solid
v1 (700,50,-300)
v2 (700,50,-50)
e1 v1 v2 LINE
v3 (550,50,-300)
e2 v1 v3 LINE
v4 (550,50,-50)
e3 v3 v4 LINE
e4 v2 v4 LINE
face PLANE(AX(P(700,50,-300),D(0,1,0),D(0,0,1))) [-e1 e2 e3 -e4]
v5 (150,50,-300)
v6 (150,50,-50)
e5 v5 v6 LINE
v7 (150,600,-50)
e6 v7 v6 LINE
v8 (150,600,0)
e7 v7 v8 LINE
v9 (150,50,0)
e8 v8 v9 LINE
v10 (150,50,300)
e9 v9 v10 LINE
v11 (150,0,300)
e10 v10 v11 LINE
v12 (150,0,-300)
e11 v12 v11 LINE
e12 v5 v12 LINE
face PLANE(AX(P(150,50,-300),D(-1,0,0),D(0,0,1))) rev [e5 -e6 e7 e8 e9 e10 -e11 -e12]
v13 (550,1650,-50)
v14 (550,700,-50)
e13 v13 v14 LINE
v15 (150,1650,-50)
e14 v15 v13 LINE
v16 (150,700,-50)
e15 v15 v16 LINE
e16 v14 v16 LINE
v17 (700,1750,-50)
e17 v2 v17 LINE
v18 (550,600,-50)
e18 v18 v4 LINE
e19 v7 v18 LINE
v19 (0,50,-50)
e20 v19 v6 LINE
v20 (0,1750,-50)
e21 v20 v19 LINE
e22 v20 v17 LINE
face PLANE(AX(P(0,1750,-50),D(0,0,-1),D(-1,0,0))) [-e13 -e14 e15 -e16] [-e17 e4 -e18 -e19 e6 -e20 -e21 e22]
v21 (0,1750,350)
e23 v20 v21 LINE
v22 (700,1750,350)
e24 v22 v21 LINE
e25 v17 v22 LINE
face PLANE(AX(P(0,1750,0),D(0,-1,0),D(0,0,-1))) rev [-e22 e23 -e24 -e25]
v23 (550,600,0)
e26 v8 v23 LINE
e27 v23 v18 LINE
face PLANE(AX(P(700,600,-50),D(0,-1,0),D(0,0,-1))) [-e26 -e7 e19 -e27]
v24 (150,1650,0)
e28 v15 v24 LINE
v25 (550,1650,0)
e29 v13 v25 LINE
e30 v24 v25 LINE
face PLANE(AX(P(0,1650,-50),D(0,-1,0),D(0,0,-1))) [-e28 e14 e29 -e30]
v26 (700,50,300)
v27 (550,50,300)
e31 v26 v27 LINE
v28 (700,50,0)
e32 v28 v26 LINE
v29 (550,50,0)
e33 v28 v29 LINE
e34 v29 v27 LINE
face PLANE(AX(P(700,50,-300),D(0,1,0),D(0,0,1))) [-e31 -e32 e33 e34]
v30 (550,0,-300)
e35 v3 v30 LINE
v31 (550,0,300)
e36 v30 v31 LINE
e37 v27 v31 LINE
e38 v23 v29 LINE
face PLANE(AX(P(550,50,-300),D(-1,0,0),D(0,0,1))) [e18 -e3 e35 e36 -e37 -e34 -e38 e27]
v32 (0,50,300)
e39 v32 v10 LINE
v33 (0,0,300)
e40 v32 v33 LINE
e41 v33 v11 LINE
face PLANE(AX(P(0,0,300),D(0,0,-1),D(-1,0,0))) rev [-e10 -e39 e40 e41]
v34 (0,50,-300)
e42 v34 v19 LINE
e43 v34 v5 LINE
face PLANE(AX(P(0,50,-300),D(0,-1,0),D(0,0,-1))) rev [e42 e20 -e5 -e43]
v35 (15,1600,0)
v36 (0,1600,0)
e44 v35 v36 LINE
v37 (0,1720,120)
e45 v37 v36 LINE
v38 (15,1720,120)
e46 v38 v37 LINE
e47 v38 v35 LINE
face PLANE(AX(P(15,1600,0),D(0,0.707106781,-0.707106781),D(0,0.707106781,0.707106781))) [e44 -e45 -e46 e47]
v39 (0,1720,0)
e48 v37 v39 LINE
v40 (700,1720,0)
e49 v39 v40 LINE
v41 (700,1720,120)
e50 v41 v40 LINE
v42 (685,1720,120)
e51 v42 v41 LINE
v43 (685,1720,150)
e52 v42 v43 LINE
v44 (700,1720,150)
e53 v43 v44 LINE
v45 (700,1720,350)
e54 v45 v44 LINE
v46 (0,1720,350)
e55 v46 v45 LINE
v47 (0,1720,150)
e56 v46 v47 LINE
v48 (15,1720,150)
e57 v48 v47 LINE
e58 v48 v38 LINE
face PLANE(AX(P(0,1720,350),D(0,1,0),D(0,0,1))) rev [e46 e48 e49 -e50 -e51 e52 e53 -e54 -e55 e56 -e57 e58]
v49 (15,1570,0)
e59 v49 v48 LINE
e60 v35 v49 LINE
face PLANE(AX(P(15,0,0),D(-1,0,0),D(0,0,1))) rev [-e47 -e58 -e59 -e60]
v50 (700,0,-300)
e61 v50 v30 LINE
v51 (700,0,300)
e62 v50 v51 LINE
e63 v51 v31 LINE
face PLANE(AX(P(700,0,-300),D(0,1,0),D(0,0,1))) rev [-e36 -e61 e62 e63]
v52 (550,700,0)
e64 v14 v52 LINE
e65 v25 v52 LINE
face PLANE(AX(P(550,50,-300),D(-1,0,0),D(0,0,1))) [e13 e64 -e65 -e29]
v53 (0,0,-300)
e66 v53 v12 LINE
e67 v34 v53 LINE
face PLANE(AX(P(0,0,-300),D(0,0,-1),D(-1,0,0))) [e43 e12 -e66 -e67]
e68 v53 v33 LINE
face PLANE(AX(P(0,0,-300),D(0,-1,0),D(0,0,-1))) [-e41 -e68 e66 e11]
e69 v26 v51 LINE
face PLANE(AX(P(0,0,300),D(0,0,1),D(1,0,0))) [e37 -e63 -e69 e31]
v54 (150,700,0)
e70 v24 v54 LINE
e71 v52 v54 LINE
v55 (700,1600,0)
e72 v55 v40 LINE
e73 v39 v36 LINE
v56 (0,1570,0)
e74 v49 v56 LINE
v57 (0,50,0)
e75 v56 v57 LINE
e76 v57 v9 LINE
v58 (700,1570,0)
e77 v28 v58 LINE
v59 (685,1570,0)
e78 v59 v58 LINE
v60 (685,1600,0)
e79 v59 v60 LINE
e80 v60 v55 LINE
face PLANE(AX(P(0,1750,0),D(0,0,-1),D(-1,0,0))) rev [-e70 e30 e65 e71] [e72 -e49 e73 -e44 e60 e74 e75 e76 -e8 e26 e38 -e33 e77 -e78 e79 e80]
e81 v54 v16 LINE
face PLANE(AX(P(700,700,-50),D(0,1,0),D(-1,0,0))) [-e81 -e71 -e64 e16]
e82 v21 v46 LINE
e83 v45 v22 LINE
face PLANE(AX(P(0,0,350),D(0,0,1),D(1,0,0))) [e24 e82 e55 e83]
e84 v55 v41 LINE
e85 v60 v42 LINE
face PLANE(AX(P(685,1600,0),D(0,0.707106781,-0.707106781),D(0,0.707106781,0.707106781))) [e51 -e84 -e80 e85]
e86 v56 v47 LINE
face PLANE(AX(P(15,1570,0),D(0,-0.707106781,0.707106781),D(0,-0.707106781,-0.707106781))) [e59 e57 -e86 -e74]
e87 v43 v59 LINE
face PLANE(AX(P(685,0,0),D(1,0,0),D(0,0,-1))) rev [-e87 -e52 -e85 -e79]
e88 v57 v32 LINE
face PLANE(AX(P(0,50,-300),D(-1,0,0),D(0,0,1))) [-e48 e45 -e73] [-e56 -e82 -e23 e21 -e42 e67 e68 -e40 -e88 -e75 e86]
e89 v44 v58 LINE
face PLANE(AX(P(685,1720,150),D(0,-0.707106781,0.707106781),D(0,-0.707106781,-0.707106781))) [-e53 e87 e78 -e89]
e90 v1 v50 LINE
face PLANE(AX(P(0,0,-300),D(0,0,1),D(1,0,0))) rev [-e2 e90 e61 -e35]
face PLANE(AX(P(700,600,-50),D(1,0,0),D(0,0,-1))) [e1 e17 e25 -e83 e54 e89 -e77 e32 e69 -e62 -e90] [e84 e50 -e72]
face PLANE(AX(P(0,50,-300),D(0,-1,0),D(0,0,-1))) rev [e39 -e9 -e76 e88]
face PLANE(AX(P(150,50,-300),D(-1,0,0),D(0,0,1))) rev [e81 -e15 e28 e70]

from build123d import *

# Parameters (mm, degrees)
SALIENTE_EXTRUIR1_DEPTH        = 300
SALIENTE_EXTRUIR1_DEPTH_BACK   = 300
CROQUIS1_W                     = 150
CROQUIS1_H                     = 50
SALIENTE_EXTRUIR1_2_DEPTH      = 300
SALIENTE_EXTRUIR1_2_DEPTH_BACK = 300
CROQUIS2_W                     = 150
CROQUIS2_H                     = 50
SALIENTE_EXTRUIR2_DEPTH        = 1700
CROQUIS3_W                     = 700
CROQUIS3_H                     = 100
SALIENTE_EXTRUIR3_DEPTH        = 50
CROQUIS4_W                     = 700
CROQUIS4_H                     = 30
SALIENTE_EXTRUIR4_DEPTH        = 350
SALIENTE_EXTRUIR5_DEPTH        = 15
SALIENTE_EXTRUIR6_DEPTH        = 15


with BuildPart() as part:
    # Croquis1 → Saliente-Extruir1 (new, two sides: drawn at the far end of the back side and taken through both)
    with BuildSketch(Plane.XY.offset(-SALIENTE_EXTRUIR1_DEPTH_BACK)):
        with Locations((75, 25)):
            Rectangle(CROQUIS1_W, CROQUIS1_H)
    extrude(amount=SALIENTE_EXTRUIR1_DEPTH + SALIENTE_EXTRUIR1_DEPTH_BACK)



with BuildPart() as body_2:
    # Croquis1 → Saliente-Extruir1 2 (new, two sides: drawn at the far end of the back side and taken through both)
    with BuildSketch(Plane.XY.offset(-SALIENTE_EXTRUIR1_2_DEPTH_BACK)):
        with Locations((625, 25)):
            Rectangle(CROQUIS1_W, CROQUIS1_H)
    extrude(amount=SALIENTE_EXTRUIR1_2_DEPTH + SALIENTE_EXTRUIR1_2_DEPTH_BACK)


with BuildPart() as part_1:
    add(part.part)

    add(body_2.part)  # Saliente-Extruir2 merges body 2
    # Croquis2 → Saliente-Extruir2 (add)
    with BuildSketch(Plane(origin=(0, 50, 0), x_dir=(1, 0, 0), z_dir=(0, 1, 0))):
        with Locations((75, 25)):
            Rectangle(CROQUIS2_W, CROQUIS2_H)
        with Locations((625, 25)):
            Rectangle(CROQUIS2_W, CROQUIS2_H)
    extrude(amount=SALIENTE_EXTRUIR2_DEPTH)

    # Croquis3 → Saliente-Extruir3 (add)
    with BuildSketch(Plane.XY):
        with Locations((350, 650)):
            Rectangle(CROQUIS3_W, CROQUIS3_H)
        with Locations((350, 1700)):
            Rectangle(CROQUIS3_W, CROQUIS3_H)
    extrude(amount=-SALIENTE_EXTRUIR3_DEPTH)

    # Croquis4 → Saliente-Extruir4 (add)
    with BuildSketch(Plane.XY):
        with Locations((350, 1735)):
            Rectangle(CROQUIS4_W, CROQUIS4_H)
    extrude(amount=SALIENTE_EXTRUIR4_DEPTH)

    # Croquis5 → Saliente-Extruir5 (add)
    with BuildSketch(Plane.ZY):
        Polygon((0, 1570), (150, 1720), (120, 1720), (0, 1600), align=None)
    extrude(amount=-SALIENTE_EXTRUIR5_DEPTH)

    # Croquis6 → Saliente-Extruir6 (add)
    with BuildSketch(Plane(origin=(700, 0, 0), x_dir=(0, 0, -1), z_dir=(1, 0, 0))):
        Polygon((0, 1570), (0, 1600), (-120, 1720), (-150, 1720), align=None)
    extrude(amount=-SALIENTE_EXTRUIR6_DEPTH)


solid = part_1.part
